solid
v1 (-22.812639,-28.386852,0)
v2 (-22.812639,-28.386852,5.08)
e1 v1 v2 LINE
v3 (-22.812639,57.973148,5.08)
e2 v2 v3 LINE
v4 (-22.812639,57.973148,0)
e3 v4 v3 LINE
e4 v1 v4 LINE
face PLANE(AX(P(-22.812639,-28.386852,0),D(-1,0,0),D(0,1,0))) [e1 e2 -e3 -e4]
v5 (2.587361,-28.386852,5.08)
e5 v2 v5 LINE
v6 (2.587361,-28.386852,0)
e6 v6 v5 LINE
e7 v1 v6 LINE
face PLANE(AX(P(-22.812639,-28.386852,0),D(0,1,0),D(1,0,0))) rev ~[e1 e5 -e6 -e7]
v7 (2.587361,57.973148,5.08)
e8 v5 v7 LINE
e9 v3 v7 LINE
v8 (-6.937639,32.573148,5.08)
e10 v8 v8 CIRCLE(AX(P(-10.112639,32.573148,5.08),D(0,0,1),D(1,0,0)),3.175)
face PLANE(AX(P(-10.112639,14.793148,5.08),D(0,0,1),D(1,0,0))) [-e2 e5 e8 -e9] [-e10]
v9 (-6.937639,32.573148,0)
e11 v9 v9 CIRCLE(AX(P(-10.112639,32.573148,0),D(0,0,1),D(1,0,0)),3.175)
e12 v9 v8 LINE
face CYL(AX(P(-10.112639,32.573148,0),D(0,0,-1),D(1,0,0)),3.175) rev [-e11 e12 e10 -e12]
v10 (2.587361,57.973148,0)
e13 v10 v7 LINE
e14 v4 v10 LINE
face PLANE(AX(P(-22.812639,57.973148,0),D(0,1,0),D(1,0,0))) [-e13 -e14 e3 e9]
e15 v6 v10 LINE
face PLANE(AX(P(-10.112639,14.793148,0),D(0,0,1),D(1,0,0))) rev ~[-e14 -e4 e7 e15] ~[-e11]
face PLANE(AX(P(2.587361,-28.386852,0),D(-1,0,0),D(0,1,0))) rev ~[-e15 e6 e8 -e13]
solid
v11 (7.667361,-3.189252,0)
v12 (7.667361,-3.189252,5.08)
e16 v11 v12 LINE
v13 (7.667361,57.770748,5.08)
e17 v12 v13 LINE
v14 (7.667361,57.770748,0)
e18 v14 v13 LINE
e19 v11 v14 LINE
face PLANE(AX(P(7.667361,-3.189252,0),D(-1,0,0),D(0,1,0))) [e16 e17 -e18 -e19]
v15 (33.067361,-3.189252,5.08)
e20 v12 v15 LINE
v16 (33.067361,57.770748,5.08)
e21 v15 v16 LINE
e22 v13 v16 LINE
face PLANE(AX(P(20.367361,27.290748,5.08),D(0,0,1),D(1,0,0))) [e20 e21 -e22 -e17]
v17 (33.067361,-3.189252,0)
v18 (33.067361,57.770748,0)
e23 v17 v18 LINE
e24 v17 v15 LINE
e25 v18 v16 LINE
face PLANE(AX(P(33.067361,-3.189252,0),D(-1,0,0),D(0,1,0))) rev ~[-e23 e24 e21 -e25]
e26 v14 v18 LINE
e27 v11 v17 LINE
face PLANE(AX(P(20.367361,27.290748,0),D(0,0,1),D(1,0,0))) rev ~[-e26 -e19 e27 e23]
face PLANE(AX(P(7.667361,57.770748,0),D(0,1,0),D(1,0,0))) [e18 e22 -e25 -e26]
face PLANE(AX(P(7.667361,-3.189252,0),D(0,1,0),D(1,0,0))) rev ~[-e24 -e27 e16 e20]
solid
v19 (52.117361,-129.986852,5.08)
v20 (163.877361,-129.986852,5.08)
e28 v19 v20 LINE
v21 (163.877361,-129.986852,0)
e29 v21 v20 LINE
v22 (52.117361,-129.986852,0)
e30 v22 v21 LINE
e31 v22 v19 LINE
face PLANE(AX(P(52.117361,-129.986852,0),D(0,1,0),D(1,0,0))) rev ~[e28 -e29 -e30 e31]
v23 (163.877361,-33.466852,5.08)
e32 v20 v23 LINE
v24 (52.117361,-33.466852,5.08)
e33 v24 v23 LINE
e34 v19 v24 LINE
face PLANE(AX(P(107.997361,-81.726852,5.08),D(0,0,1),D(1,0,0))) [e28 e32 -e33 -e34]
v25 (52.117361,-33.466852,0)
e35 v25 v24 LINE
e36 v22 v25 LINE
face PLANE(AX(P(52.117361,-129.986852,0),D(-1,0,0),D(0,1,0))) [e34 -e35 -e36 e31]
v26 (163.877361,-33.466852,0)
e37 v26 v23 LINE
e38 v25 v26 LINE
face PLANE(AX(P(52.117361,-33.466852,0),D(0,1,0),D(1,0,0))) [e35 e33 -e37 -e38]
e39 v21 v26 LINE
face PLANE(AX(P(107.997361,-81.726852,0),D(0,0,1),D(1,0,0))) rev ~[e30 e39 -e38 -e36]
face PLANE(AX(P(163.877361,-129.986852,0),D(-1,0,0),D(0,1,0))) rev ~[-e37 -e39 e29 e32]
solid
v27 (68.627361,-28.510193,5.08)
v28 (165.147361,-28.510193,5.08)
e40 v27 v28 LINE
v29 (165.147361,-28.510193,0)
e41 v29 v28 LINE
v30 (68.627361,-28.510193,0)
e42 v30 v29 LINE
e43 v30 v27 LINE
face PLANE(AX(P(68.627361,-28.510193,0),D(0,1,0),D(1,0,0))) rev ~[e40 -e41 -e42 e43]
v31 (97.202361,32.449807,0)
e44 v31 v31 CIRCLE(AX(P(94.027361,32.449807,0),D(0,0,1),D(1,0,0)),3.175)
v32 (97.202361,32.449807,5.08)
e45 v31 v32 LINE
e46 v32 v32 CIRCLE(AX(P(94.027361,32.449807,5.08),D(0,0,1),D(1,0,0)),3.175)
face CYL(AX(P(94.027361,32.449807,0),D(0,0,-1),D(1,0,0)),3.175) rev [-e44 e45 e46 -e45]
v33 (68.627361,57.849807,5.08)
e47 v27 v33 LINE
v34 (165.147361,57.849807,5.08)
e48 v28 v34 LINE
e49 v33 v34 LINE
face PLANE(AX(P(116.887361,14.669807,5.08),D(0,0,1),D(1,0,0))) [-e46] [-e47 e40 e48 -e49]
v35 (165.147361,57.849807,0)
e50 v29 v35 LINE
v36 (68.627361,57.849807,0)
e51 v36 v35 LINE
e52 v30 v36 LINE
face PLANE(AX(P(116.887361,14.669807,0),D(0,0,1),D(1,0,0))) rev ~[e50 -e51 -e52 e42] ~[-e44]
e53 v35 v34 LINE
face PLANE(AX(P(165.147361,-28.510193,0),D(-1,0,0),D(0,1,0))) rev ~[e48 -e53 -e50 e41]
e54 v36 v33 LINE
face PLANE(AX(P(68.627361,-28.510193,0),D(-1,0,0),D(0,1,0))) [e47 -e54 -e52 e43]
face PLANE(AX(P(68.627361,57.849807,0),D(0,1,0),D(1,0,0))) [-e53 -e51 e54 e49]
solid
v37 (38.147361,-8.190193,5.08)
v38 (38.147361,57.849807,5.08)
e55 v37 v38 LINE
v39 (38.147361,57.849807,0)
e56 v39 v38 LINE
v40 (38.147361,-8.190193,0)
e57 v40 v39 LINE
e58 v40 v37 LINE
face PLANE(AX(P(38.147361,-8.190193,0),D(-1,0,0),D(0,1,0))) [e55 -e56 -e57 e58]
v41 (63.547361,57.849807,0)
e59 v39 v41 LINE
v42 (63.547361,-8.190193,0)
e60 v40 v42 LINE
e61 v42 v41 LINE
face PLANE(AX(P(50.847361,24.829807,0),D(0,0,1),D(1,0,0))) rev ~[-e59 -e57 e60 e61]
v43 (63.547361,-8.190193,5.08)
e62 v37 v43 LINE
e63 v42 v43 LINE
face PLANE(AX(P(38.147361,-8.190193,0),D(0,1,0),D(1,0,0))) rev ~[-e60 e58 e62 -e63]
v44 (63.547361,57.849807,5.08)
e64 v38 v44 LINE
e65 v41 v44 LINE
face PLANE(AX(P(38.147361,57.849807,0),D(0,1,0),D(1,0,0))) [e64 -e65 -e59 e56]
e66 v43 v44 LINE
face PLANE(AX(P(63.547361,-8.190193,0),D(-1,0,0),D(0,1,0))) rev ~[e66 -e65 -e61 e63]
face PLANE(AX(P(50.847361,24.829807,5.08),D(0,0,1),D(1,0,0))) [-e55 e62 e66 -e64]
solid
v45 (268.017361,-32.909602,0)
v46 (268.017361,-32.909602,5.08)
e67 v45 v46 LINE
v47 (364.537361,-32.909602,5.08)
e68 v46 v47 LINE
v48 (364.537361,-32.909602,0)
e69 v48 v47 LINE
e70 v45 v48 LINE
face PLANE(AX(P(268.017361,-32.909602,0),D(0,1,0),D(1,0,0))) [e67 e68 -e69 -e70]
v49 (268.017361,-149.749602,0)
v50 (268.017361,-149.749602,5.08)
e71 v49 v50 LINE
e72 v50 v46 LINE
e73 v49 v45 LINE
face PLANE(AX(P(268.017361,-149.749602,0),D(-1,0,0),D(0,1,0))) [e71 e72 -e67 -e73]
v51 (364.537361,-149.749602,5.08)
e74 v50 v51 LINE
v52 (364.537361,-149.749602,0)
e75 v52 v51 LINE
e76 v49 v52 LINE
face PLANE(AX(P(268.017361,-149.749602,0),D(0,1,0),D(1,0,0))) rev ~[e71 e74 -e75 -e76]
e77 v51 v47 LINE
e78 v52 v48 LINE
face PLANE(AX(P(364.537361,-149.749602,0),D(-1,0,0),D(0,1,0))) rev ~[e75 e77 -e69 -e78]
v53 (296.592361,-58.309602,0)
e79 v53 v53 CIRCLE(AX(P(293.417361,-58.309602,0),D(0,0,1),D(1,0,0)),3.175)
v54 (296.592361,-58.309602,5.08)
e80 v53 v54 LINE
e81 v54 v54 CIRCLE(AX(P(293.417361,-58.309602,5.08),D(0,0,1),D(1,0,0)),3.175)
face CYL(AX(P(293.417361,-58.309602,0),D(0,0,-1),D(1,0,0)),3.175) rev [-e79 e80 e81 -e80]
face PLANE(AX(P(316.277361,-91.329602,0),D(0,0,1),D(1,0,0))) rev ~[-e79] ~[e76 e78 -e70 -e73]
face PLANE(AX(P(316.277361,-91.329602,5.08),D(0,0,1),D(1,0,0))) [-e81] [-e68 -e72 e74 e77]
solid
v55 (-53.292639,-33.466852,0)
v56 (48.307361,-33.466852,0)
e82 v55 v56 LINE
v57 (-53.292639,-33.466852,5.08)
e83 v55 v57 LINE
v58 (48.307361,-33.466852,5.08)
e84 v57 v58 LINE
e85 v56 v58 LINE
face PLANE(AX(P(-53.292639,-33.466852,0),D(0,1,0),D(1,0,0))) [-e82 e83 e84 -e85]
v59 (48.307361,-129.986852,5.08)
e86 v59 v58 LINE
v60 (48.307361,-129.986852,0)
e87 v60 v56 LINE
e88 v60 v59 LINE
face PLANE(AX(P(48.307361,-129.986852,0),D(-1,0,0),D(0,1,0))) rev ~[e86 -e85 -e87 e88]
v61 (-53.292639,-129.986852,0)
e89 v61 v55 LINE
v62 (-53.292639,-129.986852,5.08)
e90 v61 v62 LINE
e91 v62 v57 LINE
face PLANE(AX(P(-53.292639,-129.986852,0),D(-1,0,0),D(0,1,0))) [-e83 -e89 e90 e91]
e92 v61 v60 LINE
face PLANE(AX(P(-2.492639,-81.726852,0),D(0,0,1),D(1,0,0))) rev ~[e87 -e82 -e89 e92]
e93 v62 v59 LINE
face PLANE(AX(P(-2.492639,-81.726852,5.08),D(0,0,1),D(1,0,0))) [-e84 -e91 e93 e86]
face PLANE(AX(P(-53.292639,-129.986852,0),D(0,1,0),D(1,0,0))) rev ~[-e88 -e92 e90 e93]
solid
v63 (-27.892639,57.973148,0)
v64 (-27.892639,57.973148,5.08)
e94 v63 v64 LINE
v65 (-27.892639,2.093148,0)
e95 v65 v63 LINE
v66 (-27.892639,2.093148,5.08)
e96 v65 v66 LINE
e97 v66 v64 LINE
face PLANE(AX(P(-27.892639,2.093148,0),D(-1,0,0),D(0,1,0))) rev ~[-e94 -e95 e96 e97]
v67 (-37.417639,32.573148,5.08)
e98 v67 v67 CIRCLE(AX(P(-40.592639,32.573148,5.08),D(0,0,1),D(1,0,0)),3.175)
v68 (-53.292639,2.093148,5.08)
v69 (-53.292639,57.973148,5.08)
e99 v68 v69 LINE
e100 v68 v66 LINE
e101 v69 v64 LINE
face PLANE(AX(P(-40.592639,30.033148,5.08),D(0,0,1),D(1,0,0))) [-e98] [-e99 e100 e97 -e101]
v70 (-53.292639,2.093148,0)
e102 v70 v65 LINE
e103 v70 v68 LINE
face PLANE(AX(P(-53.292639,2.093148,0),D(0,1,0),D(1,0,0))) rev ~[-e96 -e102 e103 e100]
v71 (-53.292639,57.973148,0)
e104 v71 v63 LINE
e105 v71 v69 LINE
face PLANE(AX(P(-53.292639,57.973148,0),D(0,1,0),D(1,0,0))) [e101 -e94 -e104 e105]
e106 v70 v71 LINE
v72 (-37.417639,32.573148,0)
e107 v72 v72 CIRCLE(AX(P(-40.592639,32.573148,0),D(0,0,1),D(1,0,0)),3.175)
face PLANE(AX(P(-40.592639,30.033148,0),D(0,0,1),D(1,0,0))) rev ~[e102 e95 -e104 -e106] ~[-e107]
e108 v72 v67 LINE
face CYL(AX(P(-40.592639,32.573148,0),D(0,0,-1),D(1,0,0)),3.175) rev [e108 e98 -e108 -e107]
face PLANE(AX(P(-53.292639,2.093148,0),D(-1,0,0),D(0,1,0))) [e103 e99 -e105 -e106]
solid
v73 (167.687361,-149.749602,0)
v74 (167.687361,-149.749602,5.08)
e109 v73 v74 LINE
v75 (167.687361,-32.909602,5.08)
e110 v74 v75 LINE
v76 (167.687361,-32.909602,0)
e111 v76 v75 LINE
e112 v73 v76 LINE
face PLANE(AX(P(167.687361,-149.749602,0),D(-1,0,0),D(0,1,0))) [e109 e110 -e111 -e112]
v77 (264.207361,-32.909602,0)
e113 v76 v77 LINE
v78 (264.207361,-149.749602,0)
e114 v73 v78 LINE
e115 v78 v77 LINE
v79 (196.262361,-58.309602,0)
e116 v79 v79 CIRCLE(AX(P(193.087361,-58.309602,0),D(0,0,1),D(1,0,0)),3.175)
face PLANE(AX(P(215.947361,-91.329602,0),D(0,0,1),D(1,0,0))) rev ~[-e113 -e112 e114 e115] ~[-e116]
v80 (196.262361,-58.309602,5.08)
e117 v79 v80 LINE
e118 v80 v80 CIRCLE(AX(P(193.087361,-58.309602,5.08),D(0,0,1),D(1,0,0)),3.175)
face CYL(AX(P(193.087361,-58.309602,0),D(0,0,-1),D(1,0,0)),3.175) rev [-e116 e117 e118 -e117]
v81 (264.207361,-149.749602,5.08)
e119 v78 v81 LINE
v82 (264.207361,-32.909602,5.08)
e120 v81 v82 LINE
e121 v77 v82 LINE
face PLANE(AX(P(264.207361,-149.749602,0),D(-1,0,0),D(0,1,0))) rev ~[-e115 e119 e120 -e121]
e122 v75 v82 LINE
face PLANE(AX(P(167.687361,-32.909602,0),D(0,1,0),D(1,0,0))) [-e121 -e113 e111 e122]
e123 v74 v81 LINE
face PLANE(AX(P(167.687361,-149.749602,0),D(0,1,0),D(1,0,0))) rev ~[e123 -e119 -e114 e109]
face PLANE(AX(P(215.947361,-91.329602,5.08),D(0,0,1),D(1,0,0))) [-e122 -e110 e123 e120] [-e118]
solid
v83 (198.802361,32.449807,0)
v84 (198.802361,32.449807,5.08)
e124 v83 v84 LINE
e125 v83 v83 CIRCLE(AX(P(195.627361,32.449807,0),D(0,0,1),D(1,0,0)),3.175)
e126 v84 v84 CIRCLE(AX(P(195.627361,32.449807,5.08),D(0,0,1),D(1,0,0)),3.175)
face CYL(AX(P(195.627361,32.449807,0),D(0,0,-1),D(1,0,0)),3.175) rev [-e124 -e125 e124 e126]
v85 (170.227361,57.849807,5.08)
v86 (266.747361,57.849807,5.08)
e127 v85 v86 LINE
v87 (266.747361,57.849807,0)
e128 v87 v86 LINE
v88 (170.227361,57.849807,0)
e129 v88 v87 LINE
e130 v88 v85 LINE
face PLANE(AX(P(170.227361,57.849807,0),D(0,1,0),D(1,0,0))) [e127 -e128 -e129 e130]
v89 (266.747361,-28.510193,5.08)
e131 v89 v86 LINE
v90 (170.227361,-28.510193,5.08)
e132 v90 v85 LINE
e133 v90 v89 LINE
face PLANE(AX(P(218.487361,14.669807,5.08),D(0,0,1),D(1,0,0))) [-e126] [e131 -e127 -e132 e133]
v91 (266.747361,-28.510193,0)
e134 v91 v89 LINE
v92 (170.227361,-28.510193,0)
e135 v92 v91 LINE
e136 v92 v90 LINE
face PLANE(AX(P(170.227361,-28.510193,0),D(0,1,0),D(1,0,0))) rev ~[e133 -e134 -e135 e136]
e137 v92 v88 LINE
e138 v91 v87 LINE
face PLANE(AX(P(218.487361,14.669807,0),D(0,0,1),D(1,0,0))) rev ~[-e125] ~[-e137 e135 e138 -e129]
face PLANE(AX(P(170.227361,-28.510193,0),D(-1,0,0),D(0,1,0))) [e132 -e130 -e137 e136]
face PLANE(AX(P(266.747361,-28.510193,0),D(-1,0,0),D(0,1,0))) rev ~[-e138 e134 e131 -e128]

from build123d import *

# Parameters (mm, degrees)
SKETCH1_W              = 25.4
SKETCH1_H              = 55.88
SKETCH1_R              = 3.175
BOSS_EXTRUDE1_DEPTH    = 5.08
SKETCH1_H_2            = 86.36
BOSS_EXTRUDE1_2_DEPTH  = 5.08
SKETCH1_H_3            = 60.96
BOSS_EXTRUDE1_3_DEPTH  = 5.08
SKETCH1_H_4            = 66.04
BOSS_EXTRUDE1_4_DEPTH  = 5.08
SKETCH1_W_2            = 101.6
SKETCH1_H_5            = 96.52
BOSS_EXTRUDE1_5_DEPTH  = 5.08
SKETCH1_W_3            = 111.76
BOSS_EXTRUDE1_6_DEPTH  = 5.08
SKETCH1_W_4            = 96.52
BOSS_EXTRUDE1_7_DEPTH  = 5.08
BOSS_EXTRUDE1_8_DEPTH  = 5.08
SKETCH1_H_6            = 116.84
BOSS_EXTRUDE1_9_DEPTH  = 5.08
BOSS_EXTRUDE1_10_DEPTH = 5.08


with BuildPart() as part:
    # Sketch1 → Boss-Extrude1 (new body)
    with BuildSketch(Plane.XY):
        with Locations((-40.59263907, 30.033148148)):
            Rectangle(SKETCH1_W, SKETCH1_H)
        with Locations((-40.59263907, 32.573148148)):
            Circle(SKETCH1_R, mode=Mode.SUBTRACT)
    extrude(amount=BOSS_EXTRUDE1_DEPTH)


with BuildPart() as body_2:
    # Sketch1 → Boss-Extrude1 2 (new body)
    with BuildSketch(Plane.XY):
        with Locations((-10.11263907, 14.793148148)):
            Rectangle(SKETCH1_W, SKETCH1_H_2)
        with Locations((-10.11263907, 32.573148148)):
            Circle(SKETCH1_R, mode=Mode.SUBTRACT)
    extrude(amount=BOSS_EXTRUDE1_2_DEPTH)


with BuildPart() as body_3:
    # Sketch1 → Boss-Extrude1 3 (new body)
    with BuildSketch(Plane.XY):
        with Locations((20.36736093, 27.290748183)):
            Rectangle(SKETCH1_W, SKETCH1_H_3)
    extrude(amount=BOSS_EXTRUDE1_3_DEPTH)


with BuildPart() as body_4:
    # Sketch1 → Boss-Extrude1 4 (new body)
    with BuildSketch(Plane.XY):
        with Locations((50.84736093, 24.829806874)):
            Rectangle(SKETCH1_W, SKETCH1_H_4)
    extrude(amount=BOSS_EXTRUDE1_4_DEPTH)


with BuildPart() as body_5:
    # Sketch1 → Boss-Extrude1 5 (new body)
    with BuildSketch(Plane.XY):
        with Locations((-2.49263907, -81.726851852)):
            Rectangle(SKETCH1_W_2, SKETCH1_H_5)
    extrude(amount=BOSS_EXTRUDE1_5_DEPTH)


with BuildPart() as body_6:
    # Sketch1 → Boss-Extrude1 6 (new body)
    with BuildSketch(Plane.XY):
        with Locations((107.99736093, -81.726851852)):
            Rectangle(SKETCH1_W_3, SKETCH1_H_5)
    extrude(amount=BOSS_EXTRUDE1_6_DEPTH)


with BuildPart() as body_7:
    # Sketch1 → Boss-Extrude1 7 (new body)
    with BuildSketch(Plane.XY):
        with Locations((116.88736093, 14.669806874)):
            Rectangle(SKETCH1_W_4, SKETCH1_H_2)
        with Locations((94.02736093, 32.449806874)):
            Circle(SKETCH1_R, mode=Mode.SUBTRACT)
    extrude(amount=BOSS_EXTRUDE1_7_DEPTH)


with BuildPart() as body_8:
    # Sketch1 → Boss-Extrude1 8 (new body)
    with BuildSketch(Plane.XY):
        with Locations((218.48736093, 14.669806874)):
            Rectangle(SKETCH1_W_4, SKETCH1_H_2)
        with Locations((195.62736093, 32.449806874)):
            Circle(SKETCH1_R, mode=Mode.SUBTRACT)
    extrude(amount=BOSS_EXTRUDE1_8_DEPTH)


with BuildPart() as body_9:
    # Sketch1 → Boss-Extrude1 9 (new body)
    with BuildSketch(Plane.XY):
        with Locations((215.94736093, -91.329602177)):
            Rectangle(SKETCH1_W_4, SKETCH1_H_6)
        with Locations((193.08736093, -58.309602177)):
            Circle(SKETCH1_R, mode=Mode.SUBTRACT)
    extrude(amount=BOSS_EXTRUDE1_9_DEPTH)


with BuildPart() as body_10:
    # Sketch1 → Boss-Extrude1 10 (new body)
    with BuildSketch(Plane.XY):
        with Locations((316.27736093, -91.329602177)):
            Rectangle(SKETCH1_W_4, SKETCH1_H_6)
        with Locations((293.41736093, -58.309602177)):
            Circle(SKETCH1_R, mode=Mode.SUBTRACT)
    extrude(amount=BOSS_EXTRUDE1_10_DEPTH)


solid = Compound([part.part, body_2.part, body_3.part, body_4.part, body_5.part, body_6.part, body_7.part, body_8.part, body_9.part, body_10.part])
